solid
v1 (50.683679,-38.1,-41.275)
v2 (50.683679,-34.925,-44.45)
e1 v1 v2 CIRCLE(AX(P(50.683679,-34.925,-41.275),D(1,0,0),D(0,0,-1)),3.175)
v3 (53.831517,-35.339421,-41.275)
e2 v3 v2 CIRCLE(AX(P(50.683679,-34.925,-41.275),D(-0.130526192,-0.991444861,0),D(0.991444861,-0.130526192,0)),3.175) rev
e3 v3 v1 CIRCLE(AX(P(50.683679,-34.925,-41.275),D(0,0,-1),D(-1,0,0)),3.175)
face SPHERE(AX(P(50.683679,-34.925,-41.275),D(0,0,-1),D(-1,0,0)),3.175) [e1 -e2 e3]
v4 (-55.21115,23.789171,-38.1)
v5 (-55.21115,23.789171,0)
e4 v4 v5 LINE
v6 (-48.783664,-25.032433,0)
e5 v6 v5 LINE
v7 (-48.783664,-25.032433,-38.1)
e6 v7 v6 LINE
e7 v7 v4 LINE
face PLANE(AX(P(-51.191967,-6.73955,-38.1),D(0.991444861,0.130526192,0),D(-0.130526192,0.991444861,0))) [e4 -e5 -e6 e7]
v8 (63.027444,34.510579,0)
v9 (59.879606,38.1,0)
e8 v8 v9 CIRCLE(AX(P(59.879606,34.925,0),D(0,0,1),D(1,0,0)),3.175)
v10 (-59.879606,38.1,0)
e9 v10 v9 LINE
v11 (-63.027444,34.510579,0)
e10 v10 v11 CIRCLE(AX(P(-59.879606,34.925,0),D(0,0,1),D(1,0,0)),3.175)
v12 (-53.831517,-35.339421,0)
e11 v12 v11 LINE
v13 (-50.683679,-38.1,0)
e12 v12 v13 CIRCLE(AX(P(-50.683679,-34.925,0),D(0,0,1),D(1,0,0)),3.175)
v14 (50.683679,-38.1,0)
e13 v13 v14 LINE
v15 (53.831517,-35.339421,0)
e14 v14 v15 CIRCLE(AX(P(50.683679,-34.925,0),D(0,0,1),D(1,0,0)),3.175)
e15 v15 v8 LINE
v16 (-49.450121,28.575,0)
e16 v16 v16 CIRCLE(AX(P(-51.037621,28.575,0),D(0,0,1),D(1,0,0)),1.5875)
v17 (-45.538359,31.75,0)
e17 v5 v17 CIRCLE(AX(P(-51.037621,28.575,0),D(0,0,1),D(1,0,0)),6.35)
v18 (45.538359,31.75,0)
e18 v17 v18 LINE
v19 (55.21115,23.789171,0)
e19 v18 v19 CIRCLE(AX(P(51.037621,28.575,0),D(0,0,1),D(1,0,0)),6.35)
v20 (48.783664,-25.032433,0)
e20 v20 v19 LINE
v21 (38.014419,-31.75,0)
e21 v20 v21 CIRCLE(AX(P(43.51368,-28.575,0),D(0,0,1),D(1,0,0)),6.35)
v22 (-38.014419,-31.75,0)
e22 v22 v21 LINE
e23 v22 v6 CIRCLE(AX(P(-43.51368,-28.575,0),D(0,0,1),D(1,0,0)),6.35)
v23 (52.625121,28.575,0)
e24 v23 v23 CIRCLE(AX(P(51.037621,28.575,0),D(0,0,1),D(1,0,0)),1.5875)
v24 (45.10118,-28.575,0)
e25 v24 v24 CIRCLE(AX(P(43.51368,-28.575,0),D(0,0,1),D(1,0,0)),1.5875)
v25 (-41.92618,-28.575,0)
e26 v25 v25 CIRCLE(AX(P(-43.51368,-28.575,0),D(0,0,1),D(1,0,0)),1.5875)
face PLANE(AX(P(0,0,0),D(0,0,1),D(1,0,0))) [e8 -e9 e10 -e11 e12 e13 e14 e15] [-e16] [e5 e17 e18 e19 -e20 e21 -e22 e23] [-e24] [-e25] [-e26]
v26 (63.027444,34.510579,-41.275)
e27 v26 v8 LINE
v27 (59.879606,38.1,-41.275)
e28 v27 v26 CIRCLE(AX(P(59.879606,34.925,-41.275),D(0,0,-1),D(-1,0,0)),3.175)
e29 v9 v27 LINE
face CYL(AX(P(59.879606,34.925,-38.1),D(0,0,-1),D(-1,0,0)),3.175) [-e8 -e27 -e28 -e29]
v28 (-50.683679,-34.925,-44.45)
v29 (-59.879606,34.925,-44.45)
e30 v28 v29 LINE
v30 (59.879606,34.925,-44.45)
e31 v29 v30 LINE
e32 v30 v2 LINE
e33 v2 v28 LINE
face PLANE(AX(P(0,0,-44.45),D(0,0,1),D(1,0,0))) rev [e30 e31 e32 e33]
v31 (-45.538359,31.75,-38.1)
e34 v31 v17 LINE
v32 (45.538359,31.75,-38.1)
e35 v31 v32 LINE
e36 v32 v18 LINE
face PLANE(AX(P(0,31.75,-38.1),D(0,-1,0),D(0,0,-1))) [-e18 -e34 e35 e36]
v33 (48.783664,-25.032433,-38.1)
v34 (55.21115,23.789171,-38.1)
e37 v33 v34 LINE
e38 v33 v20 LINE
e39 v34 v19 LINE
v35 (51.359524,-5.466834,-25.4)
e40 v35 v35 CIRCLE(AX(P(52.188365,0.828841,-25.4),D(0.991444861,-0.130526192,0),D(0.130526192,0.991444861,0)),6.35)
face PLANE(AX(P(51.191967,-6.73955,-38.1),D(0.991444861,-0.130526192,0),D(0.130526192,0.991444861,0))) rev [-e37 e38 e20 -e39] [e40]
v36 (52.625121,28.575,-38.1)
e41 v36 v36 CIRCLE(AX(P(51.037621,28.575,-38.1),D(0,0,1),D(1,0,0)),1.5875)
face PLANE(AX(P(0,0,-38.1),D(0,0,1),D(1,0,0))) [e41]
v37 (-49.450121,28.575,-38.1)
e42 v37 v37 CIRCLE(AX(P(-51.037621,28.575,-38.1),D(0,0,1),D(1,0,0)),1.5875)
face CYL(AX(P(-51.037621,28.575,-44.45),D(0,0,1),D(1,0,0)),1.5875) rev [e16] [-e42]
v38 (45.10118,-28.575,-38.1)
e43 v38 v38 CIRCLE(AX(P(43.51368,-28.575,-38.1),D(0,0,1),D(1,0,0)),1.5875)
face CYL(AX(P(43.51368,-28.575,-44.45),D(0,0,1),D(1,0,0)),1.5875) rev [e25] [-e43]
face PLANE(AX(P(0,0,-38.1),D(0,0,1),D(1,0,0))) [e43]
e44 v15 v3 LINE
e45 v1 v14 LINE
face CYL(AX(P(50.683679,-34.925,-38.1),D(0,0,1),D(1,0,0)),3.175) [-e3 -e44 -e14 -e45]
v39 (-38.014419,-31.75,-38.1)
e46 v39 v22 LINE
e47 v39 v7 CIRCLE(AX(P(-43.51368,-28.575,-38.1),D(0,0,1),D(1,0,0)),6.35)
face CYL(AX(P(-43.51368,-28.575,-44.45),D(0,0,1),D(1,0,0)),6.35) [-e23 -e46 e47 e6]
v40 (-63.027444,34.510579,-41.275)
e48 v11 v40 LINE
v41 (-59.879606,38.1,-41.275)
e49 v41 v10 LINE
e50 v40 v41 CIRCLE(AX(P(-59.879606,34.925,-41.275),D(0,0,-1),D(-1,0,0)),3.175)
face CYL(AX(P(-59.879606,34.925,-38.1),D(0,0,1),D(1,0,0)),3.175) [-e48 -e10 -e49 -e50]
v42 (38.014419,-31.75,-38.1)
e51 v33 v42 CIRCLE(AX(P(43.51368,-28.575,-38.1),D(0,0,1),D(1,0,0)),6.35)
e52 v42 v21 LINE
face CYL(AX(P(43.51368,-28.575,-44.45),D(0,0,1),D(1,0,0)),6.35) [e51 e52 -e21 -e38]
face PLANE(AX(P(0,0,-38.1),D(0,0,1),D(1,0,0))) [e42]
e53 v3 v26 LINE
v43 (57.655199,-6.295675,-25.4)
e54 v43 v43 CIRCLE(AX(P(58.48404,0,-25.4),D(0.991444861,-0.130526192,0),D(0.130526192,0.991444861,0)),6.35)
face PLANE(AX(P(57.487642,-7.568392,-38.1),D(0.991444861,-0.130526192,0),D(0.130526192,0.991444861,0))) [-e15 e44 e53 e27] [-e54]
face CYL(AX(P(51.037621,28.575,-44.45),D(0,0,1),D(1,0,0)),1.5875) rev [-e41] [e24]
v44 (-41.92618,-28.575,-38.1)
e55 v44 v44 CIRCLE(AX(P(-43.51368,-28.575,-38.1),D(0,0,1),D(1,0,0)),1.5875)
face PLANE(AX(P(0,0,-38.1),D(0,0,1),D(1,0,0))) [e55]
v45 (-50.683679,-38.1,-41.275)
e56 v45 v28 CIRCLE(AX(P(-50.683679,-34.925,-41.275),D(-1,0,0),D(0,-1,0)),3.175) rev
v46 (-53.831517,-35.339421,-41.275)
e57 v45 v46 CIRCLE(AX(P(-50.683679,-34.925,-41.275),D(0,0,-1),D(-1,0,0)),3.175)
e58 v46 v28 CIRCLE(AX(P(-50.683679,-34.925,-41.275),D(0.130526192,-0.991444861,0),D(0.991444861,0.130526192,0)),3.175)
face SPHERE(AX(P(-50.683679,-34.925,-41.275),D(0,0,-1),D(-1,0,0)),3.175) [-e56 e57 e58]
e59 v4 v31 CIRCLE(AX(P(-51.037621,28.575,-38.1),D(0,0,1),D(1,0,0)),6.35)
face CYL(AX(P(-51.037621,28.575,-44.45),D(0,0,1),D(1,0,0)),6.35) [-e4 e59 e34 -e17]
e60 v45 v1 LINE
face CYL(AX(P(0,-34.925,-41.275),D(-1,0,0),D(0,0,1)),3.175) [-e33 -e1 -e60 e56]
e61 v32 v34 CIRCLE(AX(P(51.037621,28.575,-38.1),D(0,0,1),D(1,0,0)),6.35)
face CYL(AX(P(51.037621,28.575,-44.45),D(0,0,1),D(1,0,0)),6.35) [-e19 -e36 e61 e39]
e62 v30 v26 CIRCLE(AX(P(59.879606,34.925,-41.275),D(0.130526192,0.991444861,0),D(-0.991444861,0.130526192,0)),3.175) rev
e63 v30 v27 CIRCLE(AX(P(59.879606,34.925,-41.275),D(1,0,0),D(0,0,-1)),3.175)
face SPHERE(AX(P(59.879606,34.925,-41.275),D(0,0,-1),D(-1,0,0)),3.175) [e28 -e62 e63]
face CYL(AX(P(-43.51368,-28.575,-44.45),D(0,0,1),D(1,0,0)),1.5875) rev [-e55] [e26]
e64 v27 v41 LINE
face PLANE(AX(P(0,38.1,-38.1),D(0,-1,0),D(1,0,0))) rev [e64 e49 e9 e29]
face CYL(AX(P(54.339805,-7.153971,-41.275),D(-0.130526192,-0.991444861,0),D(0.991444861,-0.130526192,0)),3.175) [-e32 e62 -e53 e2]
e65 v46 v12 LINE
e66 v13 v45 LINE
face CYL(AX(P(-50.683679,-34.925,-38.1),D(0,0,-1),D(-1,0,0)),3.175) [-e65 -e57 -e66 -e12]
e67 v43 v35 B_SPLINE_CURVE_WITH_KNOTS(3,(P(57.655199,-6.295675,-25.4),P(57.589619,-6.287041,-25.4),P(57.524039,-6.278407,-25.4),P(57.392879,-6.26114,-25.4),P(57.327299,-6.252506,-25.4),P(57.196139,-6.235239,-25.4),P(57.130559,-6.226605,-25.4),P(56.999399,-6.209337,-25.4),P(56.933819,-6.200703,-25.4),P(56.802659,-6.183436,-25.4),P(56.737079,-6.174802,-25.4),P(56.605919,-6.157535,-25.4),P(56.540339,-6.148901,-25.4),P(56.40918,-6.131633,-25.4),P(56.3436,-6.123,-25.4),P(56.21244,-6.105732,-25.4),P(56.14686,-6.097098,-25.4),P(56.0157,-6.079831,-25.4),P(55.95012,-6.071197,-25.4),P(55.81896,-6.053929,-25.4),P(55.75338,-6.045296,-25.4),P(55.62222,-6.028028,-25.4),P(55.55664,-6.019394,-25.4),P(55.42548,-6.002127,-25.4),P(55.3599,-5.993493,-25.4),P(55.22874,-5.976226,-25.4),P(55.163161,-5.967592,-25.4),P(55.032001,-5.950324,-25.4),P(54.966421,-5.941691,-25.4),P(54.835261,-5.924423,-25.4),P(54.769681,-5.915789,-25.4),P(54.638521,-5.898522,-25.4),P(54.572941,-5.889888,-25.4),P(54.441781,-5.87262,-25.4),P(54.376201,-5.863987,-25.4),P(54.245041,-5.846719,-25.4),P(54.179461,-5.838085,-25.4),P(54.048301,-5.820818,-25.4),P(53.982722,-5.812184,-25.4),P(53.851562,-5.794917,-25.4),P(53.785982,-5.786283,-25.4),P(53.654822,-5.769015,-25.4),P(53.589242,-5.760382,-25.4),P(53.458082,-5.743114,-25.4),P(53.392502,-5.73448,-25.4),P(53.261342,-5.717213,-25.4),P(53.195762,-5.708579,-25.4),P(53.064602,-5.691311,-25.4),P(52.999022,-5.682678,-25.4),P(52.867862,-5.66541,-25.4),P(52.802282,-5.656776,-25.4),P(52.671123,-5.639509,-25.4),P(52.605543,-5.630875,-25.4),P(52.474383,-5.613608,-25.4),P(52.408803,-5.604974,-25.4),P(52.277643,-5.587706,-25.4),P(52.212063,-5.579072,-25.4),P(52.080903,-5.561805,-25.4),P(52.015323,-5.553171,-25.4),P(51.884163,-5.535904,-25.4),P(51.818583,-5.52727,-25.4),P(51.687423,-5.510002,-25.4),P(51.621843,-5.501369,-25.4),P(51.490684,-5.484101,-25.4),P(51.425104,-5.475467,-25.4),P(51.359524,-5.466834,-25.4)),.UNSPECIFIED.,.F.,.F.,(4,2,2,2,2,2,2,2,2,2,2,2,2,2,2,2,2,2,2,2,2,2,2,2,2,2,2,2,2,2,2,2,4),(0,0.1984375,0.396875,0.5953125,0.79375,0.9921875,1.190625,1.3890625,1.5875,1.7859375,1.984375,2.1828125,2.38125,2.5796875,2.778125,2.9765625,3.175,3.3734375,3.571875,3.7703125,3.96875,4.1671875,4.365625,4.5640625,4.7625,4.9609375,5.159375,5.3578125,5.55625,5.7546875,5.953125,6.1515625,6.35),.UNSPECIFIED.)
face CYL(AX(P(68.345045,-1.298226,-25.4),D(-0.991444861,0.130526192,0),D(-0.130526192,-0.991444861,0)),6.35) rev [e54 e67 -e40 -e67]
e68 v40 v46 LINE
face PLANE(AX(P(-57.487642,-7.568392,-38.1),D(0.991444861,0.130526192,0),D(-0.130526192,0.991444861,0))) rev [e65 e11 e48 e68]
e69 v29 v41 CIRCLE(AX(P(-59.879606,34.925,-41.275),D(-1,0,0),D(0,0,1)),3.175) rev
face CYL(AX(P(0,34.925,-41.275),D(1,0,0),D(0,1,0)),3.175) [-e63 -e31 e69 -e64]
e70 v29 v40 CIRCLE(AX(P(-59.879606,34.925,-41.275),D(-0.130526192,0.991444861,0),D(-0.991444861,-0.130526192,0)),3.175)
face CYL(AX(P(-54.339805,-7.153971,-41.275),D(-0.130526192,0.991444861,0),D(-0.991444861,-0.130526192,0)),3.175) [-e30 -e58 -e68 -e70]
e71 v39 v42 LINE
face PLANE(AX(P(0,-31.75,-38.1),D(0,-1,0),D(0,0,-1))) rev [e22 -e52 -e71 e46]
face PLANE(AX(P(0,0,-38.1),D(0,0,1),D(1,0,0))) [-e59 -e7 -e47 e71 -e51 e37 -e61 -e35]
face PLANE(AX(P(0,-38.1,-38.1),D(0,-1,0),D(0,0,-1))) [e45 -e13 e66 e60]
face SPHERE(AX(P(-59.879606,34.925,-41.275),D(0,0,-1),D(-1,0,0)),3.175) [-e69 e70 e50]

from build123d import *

# Parameters (mm, degrees)
BOSS_EXTRUDE1_DEPTH      = 3.175
BOSS_EXTRUDE2_DEPTH      = 3.175
SKETCH2_R                = 3.175
BOSS_EXTRUDE3_DEPTH      = 6.35
BOSS_EXTRUDE4_DEPTH      = 12.7
SKETCH2_4_R              = 3.175
CUT_EXTRUDE1_DEPTH       = 76.134213245
CUT_EXTRUDE1_DEPTH_BACK  = 76.134213245
FILLET1_R                = 6.35
SKETCH4_R                = 3.175
BOSS_EXTRUDE5_DEPTH      = 6.35
SKETCH4_2_R              = 3.175
CUT_EXTRUDE2_DEPTH       = 76.134213245
CUT_EXTRUDE2_DEPTH_BACK  = 76.134213245
BOSS_EXTRUDE6_DEPTH      = 38.1
BOSS_EXTRUDE7_START      = -38.1
BOSS_EXTRUDE7_DEPTH      = 6.35
BOSS_EXTRUDE11_REACH     = 88.369
SKETCH5_R                = 1.5875
SKETCH5_4_R              = 1.5875
CUT_EXTRUDE9_DEPTH       = 87.36933773
CUT_EXTRUDE9_DEPTH_BACK  = 87.36933773
SKETCH6_R                = 6.35
CUT_EXTRUDE10_DEPTH      = 6.35
CUT_EXTRUDE10_DEPTH_BACK = 510.682305539
CHAMFER1_SIZE            = 2.54
FILLET2_R                = 3.175
FILLET3_R                = 3.175


with BuildPart() as part:
    # Sketch1 → Boss-Extrude1 (new body)
    with BuildSketch(Plane.XY):
        Polygon((-53.468079684, -38.1), (53.468079684, -38.1), (63.5, 38.1), (-63.5, 38.1), align=None)
        Polygon((47.899279144, -31.75), (56.259212741, 31.75), (-56.259212741, 31.75), (-47.899279144, -31.75), align=None, mode=Mode.SUBTRACT)
        Polygon((-47.899279144, -31.75), (47.899279144, -31.75), (56.259212741, 31.75), (-56.259212741, 31.75), align=None)
    extrude(amount=BOSS_EXTRUDE1_DEPTH)

    # Sketch1<3> → Boss-Extrude2 (add)
    with BuildSketch(Plane.XY):
        Polygon((-47.899279144, -31.75), (47.899279144, -31.75), (56.259212741, 31.75), (-56.259212741, 31.75), align=None)
    extrude(amount=-BOSS_EXTRUDE2_DEPTH)

    # Sketch2 → Boss-Extrude3 (add)
    with BuildSketch(Plane.XY):
        with BuildLine():
            ThreePointArc((-37.837241379, 27.272155172), (-39.021250412, 27.544911403), (-39.665603448, 28.575))
            Line((-39.665603448, 28.575), (-39.665603448, 15.875))
            Line((-39.665603448, 15.875), (39.665603448, 15.875))
            Line((39.665603448, 15.875), (39.665603448, 28.575))
            ThreePointArc((39.665603448, 28.575), (39.021250412, 27.544911403), (37.837241379, 27.272155172))
            ThreePointArc((37.837241379, 27.272155172), (0, 30.425258621), (-37.837241379, 27.272155172))
        make_face()
        with Locations((-33.3375, 22.225)):
            Circle(SKETCH2_R, mode=Mode.SUBTRACT)
        with Locations((-23.8125, 22.225)):
            Circle(SKETCH2_R, mode=Mode.SUBTRACT)
        with Locations((-14.2875, 22.225)):
            Circle(SKETCH2_R, mode=Mode.SUBTRACT)
        with Locations((-4.7625, 22.225)):
            Circle(SKETCH2_R, mode=Mode.SUBTRACT)
        with Locations((4.7625, 22.225)):
            Circle(SKETCH2_R, mode=Mode.SUBTRACT)
        with Locations((14.2875, 22.225)):
            Circle(SKETCH2_R, mode=Mode.SUBTRACT)
        with Locations((23.8125, 22.225)):
            Circle(SKETCH2_R, mode=Mode.SUBTRACT)
        with Locations((33.3375, 22.225)):
            Circle(SKETCH2_R, mode=Mode.SUBTRACT)
        with Locations((-33.3375, 22.225)):
            Circle(SKETCH2_R)
        with Locations((-23.8125, 22.225)):
            Circle(SKETCH2_R)
        with Locations((-14.2875, 22.225)):
            Circle(SKETCH2_R)
        with Locations((-4.7625, 22.225)):
            Circle(SKETCH2_R)
        with Locations((4.7625, 22.225)):
            Circle(SKETCH2_R)
        with Locations((14.2875, 22.225)):
            Circle(SKETCH2_R)
        with Locations((23.8125, 22.225)):
            Circle(SKETCH2_R)
        with Locations((33.3375, 22.225)):
            Circle(SKETCH2_R)
        with BuildLine():
            ThreePointArc((-37.837241379, 27.272155172), (0, 30.425258621), (37.837241379, 27.272155172))
            ThreePointArc((37.837241379, 27.272155172), (39.665603448, 28.575), (38.362758621, 30.403362069))
            ThreePointArc((38.362758621, 30.403362069), (0, 33.600258621), (-38.362758621, 30.403362069))
            ThreePointArc((-38.362758621, 30.403362069), (-39.665603448, 28.575), (-37.837241379, 27.272155172))
        make_face()
    extrude(amount=BOSS_EXTRUDE3_DEPTH)

    # Sketch2<3> → Boss-Extrude4 (add)
    with BuildSketch(Plane.XY):
        with BuildLine():
            ThreePointArc((-37.837241379, 27.272155172), (0, 30.425258621), (37.837241379, 27.272155172))
            ThreePointArc((37.837241379, 27.272155172), (39.665603448, 28.575), (38.362758621, 30.403362069))
            ThreePointArc((38.362758621, 30.403362069), (0, 33.600258621), (-38.362758621, 30.403362069))
            ThreePointArc((-38.362758621, 30.403362069), (-39.665603448, 28.575), (-37.837241379, 27.272155172))
        make_face()
    extrude(amount=BOSS_EXTRUDE4_DEPTH)

    # Sketch2<4> → Cut-Extrude1 (cut, two sides)
    with BuildSketch(Plane.XY) as cut_extrude1_sk:
        with Locations((-33.3375, 22.225)):
            Circle(SKETCH2_4_R)
        with Locations((-23.8125, 22.225)):
            Circle(SKETCH2_4_R)
        with Locations((-14.2875, 22.225)):
            Circle(SKETCH2_4_R)
        with Locations((-4.7625, 22.225)):
            Circle(SKETCH2_4_R)
        with Locations((4.7625, 22.225)):
            Circle(SKETCH2_4_R)
        with Locations((14.2875, 22.225)):
            Circle(SKETCH2_4_R)
        with Locations((23.8125, 22.225)):
            Circle(SKETCH2_4_R)
        with Locations((33.3375, 22.225)):
            Circle(SKETCH2_4_R)
    extrude(amount=CUT_EXTRUDE1_DEPTH, mode=Mode.SUBTRACT)
    extrude(cut_extrude1_sk.sketch, amount=-CUT_EXTRUDE1_DEPTH_BACK, mode=Mode.SUBTRACT)

    # Fillet1
    fillet1_edges = [part.edges().sort_by_distance(p)[0] for p in [
        (39.665603448, 15.875, 4.7625),
        (-39.665603448, 15.875, 4.7625),
    ]]
    fillet(fillet1_edges, radius=FILLET1_R)

    # Sketch4 → Boss-Extrude5 (add)
    with BuildSketch(Plane.XY):
        with BuildLine():
            Line((-26.965603448, 6.35), (-26.965603448, -19.05))
            ThreePointArc((-26.965603448, -19.05), (-33.315603448, -25.4), (-39.665603448, -19.05))
            Line((-39.665603448, -19.05), (-39.665603448, 6.35))
            ThreePointArc((-39.665603448, 6.35), (-33.315603448, 12.7), (-26.965603448, 6.35))
        make_face()
        with Locations((-33.315603448, 6.35)):
            Circle(SKETCH4_R, mode=Mode.SUBTRACT)
        with Locations((-33.315603448, -6.35)):
            Circle(SKETCH4_R, mode=Mode.SUBTRACT)
        with Locations((-33.315603448, -19.05)):
            Circle(SKETCH4_R, mode=Mode.SUBTRACT)
        with BuildLine():
            Line((39.665603448, 6.35), (39.665603448, -19.05))
            ThreePointArc((39.665603448, -19.05), (33.315603448, -25.4), (26.965603448, -19.05))
            Line((26.965603448, -19.05), (26.965603448, 6.35))
            ThreePointArc((26.965603448, 6.35), (33.315603448, 12.7), (39.665603448, 6.35))
        make_face()
        with Locations((33.315603448, 6.35)):
            Circle(SKETCH4_R, mode=Mode.SUBTRACT)
        with Locations((33.315603448, -6.35)):
            Circle(SKETCH4_R, mode=Mode.SUBTRACT)
        with Locations((33.315603448, -19.05)):
            Circle(SKETCH4_R, mode=Mode.SUBTRACT)
    extrude(amount=BOSS_EXTRUDE5_DEPTH)

    # Sketch4<2> → Cut-Extrude2 (cut, two sides)
    with BuildSketch(Plane.XY) as cut_extrude2_sk:
        with Locations((-33.315603448, 6.35)):
            Circle(SKETCH4_2_R)
        with Locations((-33.315603448, -6.35)):
            Circle(SKETCH4_2_R)
        with Locations((-33.315603448, -19.05)):
            Circle(SKETCH4_2_R)
        with Locations((33.315603448, -19.05)):
            Circle(SKETCH4_2_R)
        with Locations((33.315603448, -6.35)):
            Circle(SKETCH4_2_R)
        with Locations((33.315603448, 6.35)):
            Circle(SKETCH4_2_R)
    extrude(amount=CUT_EXTRUDE2_DEPTH, mode=Mode.SUBTRACT)
    extrude(cut_extrude2_sk.sketch, amount=-CUT_EXTRUDE2_DEPTH_BACK, mode=Mode.SUBTRACT)

    # Sketch5<4> → Cut-Extrude9 (cut, two sides)
    with BuildSketch(Plane.XY) as cut_extrude9_sk:
        with Locations((-51.037620636, 28.575)):
            Circle(SKETCH5_4_R)
        with Locations((-43.513680399, -28.575)):
            Circle(SKETCH5_4_R)
        with Locations((43.513680399, -28.575)):
            Circle(SKETCH5_4_R)
        with Locations((51.037620636, 28.575)):
            Circle(SKETCH5_4_R)
    extrude(amount=CUT_EXTRUDE9_DEPTH, mode=Mode.SUBTRACT)
    extrude(cut_extrude9_sk.sketch, amount=-CUT_EXTRUDE9_DEPTH_BACK, mode=Mode.SUBTRACT)

    # Chamfer1
    chamfer1_edges = [part.edges().sort_by_distance(p)[0] for p in [
        (-52.625120636, 28.575, 3.175),
        (-45.101180399, -28.575, 3.175),
        (41.926180399, -28.575, 3.175),
        (49.450120636, 28.575, 3.175),
    ]]
    chamfer(chamfer1_edges, length=CHAMFER1_SIZE)

    # Fillet3
    fillet3_edges = [part.edges().sort_by_distance(p)[0] for p in [
        (-53.468079684, -38.1, 1.5875),
        (-63.5, 38.1, 1.5875),
        (63.5, 38.1, 1.5875),
        (53.468079684, -38.1, 1.5875),
    ]]
    fillet(fillet3_edges, radius=FILLET3_R)


with BuildPart() as body_2:
    # Sketch1<4> → Boss-Extrude6 (new body)
    with BuildSketch(Plane.XY):
        Polygon((-53.468079684, -38.1), (53.468079684, -38.1), (63.5, 38.1), (-63.5, 38.1), align=None)
        Polygon((47.899279144, -31.75), (56.259212741, 31.75), (-56.259212741, 31.75), (-47.899279144, -31.75), align=None, mode=Mode.SUBTRACT)
    extrude(amount=-BOSS_EXTRUDE6_DEPTH)

    # Sketch1<5> → Boss-Extrude7 (add)
    with BuildSketch(Plane.XY.offset(BOSS_EXTRUDE7_START)):
        Polygon((-53.468079684, -38.1), (53.468079684, -38.1), (63.5, 38.1), (-63.5, 38.1), align=None)
        Polygon((47.899279144, -31.75), (56.259212741, 31.75), (-56.259212741, 31.75), (-47.899279144, -31.75), align=None, mode=Mode.SUBTRACT)
        Polygon((-47.899279144, -31.75), (47.899279144, -31.75), (56.259212741, 31.75), (-56.259212741, 31.75), align=None)
    extrude(amount=-BOSS_EXTRUDE7_DEPTH)

    # Sketch5 → Boss-Extrude11 (add, up to next)
    with BuildSketch(Plane.XY, mode=Mode.PRIVATE) as boss_extrude11_sk1:
        with BuildLine():
            Line((-56.259212741, 31.75), (-55.211149786, 23.789171499))
            ThreePointArc((-55.211149786, 23.789171499), (-48.408876649, 22.794670853), (-44.687620636, 28.575))
            ThreePointArc((-44.687620636, 28.575), (-44.903991639, 30.218500936), (-45.538359322, 31.75))
            Line((-45.538359322, 31.75), (-56.259212741, 31.75))
        make_face()
        with Locations((-51.037620636, 28.575)):
            Circle(SKETCH5_R, mode=Mode.SUBTRACT)
    boss_extrude11_tool1 = extrude(boss_extrude11_sk1.sketch, amount=-BOSS_EXTRUDE11_REACH, mode=Mode.PRIVATE) - body_2.part
    # Sketch5 → Boss-Extrude11 (add, up to next)
    with BuildSketch(Plane.XY, mode=Mode.PRIVATE) as boss_extrude11_sk2:
        with BuildLine():
            Line((-48.783663554, -25.03243348), (-47.899279144, -31.75))
            Line((-47.899279144, -31.75), (-38.014419085, -31.75))
            ThreePointArc((-38.014419085, -31.75), (-37.380051402, -30.218500936), (-37.163680399, -28.575))
            ThreePointArc((-37.163680399, -28.575), (-41.661910034, -22.501002427), (-48.783663554, -25.03243348))
        make_face()
        with Locations((-43.513680399, -28.575)):
            Circle(SKETCH5_R, mode=Mode.SUBTRACT)
    boss_extrude11_tool2 = extrude(boss_extrude11_sk2.sketch, amount=-BOSS_EXTRUDE11_REACH, mode=Mode.PRIVATE) - body_2.part
    # Sketch5 → Boss-Extrude11 (add, up to next)
    with BuildSketch(Plane.XY, mode=Mode.PRIVATE) as boss_extrude11_sk3:
        with BuildLine():
            ThreePointArc((48.783663554, -25.03243348), (40.152941328, -23.187242313), (38.014419085, -31.75))
            Line((38.014419085, -31.75), (47.899279144, -31.75))
            Line((47.899279144, -31.75), (48.783663554, -25.03243348))
        make_face()
        with Locations((43.513680399, -28.575)):
            Circle(SKETCH5_R, mode=Mode.SUBTRACT)
    boss_extrude11_tool3 = extrude(boss_extrude11_sk3.sketch, amount=-BOSS_EXTRUDE11_REACH, mode=Mode.PRIVATE) - body_2.part
    # Sketch5 → Boss-Extrude11 (add, up to next)
    with BuildSketch(Plane.XY, mode=Mode.PRIVATE) as boss_extrude11_sk4:
        with BuildLine():
            ThreePointArc((45.538359322, 31.75), (47.002389658, 23.671999801), (55.211149786, 23.789171499))
            Line((55.211149786, 23.789171499), (56.259212741, 31.75))
            Line((56.259212741, 31.75), (45.538359322, 31.75))
        make_face()
        with Locations((51.037620636, 28.575)):
            Circle(SKETCH5_R, mode=Mode.SUBTRACT)
    boss_extrude11_tool4 = extrude(boss_extrude11_sk4.sketch, amount=-BOSS_EXTRUDE11_REACH, mode=Mode.PRIVATE) - body_2.part
    add(boss_extrude11_tool1.solids().sort_by_distance((-48.470922, 22.931101, 0))[0])
    add(boss_extrude11_tool2.solids().sort_by_distance((-48.192507, -28.371605, 0))[0])
    add(boss_extrude11_tool3.solids().sort_by_distance((40.232461, -23.314724, 0))[0])
    add(boss_extrude11_tool4.solids().sort_by_distance((47.097631, 23.787723, 0))[0])

    # Sketch6 → Cut-Extrude10 (cut, two sides)
    with BuildSketch(Plane(origin=(-2.773412859, -465.296548287, 0), x_dir=(0, 0, -1), z_dir=(-0.9914448613738105, 0.1305261922200517, 0))) as cut_extrude10_sk:
        with Locations(Location((25.4, -469.31157386, 0), (0, 0, 90))):
            Circle(SKETCH6_R)
    extrude(amount=CUT_EXTRUDE10_DEPTH, mode=Mode.SUBTRACT)
    extrude(cut_extrude10_sk.sketch, amount=-CUT_EXTRUDE10_DEPTH_BACK, mode=Mode.SUBTRACT)

    # Fillet2
    fillet2_edges = [body_2.edges().sort_by_distance(p)[0] for p in [
        (-53.468079684, -38.1, -22.225),
        (-63.5, 38.1, -22.225),
        (63.5, 38.1, -22.225),
        (53.468079684, -38.1, -22.225),
        (0, -38.1, -44.45),
        (58.484039842, 0, -44.45),
        (-58.484039842, 0, -44.45),
        (0, 38.1, -44.45),
    ]]
    fillet(fillet2_edges, radius=FILLET2_R)


solid = body_2.part
